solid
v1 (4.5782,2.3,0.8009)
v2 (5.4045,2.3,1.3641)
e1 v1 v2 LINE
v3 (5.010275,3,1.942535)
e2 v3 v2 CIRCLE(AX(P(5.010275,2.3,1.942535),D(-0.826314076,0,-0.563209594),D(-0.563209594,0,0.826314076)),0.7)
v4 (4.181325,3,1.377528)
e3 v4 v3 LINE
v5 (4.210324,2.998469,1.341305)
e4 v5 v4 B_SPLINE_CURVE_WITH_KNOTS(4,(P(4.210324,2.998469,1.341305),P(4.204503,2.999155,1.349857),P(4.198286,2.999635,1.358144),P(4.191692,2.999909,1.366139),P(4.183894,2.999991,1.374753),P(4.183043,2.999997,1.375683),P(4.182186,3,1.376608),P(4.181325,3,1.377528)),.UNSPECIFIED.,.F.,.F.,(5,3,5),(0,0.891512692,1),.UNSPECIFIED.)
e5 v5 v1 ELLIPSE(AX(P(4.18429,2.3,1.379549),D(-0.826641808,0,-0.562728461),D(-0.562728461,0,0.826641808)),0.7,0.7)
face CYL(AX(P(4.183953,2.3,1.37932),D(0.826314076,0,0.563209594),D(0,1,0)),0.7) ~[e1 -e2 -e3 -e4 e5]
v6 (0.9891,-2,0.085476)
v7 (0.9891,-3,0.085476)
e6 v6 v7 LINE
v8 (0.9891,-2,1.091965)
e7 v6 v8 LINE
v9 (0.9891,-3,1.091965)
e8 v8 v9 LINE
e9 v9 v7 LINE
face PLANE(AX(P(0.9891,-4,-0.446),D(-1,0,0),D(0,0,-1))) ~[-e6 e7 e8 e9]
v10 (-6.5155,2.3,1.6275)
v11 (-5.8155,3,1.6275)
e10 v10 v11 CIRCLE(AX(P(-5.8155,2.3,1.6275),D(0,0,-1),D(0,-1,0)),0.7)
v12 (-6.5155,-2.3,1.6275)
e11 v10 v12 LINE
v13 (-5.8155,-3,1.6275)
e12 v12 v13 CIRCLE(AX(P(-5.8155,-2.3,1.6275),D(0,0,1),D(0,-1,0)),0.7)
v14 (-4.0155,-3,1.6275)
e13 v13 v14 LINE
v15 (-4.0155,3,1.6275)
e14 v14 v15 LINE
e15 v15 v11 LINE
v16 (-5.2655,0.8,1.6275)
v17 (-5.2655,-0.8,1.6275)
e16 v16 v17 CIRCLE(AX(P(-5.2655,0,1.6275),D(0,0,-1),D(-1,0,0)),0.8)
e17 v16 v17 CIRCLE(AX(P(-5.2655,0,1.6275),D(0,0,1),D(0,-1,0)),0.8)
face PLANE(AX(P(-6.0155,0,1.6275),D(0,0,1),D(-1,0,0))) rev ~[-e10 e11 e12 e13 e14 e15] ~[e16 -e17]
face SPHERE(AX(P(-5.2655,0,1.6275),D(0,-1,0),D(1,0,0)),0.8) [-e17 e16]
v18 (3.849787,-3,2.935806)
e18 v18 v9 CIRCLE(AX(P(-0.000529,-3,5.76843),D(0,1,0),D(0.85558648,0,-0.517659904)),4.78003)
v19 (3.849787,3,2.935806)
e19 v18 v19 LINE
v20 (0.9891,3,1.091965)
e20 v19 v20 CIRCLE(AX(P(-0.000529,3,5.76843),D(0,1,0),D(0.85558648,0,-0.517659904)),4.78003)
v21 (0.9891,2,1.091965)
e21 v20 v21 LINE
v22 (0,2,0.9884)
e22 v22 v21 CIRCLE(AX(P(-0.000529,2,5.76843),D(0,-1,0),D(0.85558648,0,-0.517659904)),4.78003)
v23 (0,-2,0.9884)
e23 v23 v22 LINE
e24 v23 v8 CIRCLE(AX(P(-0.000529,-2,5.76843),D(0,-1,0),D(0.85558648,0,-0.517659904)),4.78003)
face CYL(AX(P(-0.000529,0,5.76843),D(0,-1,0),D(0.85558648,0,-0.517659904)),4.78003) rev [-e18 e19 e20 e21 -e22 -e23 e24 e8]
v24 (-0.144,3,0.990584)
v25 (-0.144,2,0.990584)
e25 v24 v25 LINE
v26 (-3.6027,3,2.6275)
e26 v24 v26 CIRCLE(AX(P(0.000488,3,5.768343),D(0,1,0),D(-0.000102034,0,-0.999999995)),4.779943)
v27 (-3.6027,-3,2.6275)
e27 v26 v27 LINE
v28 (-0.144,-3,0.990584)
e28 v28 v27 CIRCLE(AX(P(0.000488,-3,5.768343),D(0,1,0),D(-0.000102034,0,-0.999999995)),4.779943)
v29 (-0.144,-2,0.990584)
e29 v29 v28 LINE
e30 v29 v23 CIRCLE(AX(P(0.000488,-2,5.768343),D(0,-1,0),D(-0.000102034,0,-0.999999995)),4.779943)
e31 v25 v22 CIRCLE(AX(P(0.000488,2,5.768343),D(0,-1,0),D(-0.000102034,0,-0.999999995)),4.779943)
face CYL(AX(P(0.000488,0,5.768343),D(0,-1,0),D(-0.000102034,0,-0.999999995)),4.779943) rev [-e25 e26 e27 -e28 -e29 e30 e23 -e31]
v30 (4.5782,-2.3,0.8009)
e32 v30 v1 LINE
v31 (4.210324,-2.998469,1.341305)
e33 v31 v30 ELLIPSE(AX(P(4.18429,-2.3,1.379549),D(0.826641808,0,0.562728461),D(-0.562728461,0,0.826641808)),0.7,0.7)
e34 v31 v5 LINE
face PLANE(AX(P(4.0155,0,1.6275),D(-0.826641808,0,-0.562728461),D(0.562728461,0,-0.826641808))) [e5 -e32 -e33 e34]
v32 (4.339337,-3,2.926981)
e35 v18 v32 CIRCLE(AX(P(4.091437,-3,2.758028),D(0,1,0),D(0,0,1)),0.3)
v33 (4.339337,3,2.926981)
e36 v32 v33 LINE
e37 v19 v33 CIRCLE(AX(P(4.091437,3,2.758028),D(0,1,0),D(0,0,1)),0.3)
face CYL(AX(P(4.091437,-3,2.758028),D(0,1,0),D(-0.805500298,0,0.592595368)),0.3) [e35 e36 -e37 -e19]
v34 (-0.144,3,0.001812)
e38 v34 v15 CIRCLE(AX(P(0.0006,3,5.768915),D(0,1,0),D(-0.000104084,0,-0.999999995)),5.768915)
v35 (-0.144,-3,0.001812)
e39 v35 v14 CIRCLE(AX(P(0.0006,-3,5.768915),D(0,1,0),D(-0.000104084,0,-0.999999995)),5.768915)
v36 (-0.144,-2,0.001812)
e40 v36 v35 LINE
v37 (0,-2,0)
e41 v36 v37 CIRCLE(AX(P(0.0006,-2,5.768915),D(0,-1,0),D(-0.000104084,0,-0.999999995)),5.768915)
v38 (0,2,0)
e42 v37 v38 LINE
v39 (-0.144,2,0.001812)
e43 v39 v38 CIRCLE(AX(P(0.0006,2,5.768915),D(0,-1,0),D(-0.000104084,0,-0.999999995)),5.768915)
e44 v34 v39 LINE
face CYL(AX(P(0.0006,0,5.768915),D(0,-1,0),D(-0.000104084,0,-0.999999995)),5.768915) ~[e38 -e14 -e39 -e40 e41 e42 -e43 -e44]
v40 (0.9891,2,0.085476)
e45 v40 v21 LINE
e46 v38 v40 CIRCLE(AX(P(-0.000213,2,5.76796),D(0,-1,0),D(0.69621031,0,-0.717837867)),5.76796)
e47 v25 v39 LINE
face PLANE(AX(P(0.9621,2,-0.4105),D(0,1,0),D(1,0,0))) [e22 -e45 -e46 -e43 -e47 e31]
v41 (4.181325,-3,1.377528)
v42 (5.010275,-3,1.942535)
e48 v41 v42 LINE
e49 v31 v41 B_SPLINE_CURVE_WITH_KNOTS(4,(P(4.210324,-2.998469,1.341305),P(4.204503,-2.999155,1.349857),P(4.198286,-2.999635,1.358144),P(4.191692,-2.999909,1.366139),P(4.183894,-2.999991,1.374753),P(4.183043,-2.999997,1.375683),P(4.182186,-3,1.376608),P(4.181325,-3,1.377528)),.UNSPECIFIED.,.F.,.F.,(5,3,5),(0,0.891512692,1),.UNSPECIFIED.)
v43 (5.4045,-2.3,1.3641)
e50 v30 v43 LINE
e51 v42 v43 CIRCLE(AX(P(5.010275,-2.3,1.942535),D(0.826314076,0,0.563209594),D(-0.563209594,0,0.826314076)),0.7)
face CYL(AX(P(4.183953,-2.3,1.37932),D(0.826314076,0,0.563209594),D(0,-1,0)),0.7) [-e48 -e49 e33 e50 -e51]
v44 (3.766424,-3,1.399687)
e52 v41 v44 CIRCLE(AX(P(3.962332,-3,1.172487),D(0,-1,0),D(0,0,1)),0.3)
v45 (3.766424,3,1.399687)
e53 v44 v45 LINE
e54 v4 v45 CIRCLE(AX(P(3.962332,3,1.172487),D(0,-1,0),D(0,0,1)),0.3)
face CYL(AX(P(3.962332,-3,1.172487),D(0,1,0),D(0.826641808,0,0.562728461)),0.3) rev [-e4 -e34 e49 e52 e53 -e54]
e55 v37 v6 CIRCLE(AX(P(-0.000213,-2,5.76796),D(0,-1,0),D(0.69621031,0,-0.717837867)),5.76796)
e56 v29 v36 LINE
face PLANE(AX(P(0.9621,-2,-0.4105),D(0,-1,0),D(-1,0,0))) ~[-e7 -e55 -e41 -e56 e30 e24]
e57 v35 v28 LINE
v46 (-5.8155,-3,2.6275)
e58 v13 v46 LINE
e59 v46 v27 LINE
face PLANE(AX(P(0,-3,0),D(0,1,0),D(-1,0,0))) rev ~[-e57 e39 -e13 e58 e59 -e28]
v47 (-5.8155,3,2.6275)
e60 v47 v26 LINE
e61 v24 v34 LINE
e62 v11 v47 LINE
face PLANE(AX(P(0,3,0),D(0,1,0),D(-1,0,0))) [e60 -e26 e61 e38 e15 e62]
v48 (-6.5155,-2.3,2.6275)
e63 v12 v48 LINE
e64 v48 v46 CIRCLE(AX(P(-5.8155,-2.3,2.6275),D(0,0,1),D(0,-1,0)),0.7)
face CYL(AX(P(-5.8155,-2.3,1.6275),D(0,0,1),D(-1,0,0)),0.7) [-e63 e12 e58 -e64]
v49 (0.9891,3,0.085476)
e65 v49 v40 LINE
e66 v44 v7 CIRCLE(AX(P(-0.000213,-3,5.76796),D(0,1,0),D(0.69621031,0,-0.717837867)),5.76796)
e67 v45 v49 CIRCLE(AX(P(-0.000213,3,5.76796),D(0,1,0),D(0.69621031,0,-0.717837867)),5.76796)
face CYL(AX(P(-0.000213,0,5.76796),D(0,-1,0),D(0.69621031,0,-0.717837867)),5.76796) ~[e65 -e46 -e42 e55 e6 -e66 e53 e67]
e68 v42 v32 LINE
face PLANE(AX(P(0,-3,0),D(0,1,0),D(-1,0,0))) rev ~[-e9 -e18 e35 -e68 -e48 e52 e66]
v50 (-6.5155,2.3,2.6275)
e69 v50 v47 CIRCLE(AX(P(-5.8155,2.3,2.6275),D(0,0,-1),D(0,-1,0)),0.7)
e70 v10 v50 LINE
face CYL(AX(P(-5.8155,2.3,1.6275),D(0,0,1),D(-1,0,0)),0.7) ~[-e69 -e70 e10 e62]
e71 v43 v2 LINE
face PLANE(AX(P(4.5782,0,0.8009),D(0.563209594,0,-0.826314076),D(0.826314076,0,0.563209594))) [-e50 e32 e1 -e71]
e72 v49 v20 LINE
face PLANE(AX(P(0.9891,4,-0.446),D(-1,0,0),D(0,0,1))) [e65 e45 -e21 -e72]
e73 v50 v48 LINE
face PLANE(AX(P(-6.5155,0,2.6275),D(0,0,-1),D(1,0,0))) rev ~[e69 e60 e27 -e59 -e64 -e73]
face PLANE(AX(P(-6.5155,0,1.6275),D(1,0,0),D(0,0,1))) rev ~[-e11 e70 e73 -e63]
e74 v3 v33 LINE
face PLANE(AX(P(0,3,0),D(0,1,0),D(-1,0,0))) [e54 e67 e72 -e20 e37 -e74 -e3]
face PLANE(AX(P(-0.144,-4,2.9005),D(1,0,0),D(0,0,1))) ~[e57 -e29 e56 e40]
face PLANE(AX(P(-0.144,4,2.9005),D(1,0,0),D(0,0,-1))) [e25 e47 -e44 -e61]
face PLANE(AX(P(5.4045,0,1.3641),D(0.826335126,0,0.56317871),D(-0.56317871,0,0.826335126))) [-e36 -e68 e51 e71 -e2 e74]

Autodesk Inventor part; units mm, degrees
ref_plane "YZ Plane" through (0, 0, 0) normal (1, 0, 0) x (0, 1, 0)
ref_plane "XZ Plane" through (0, 0, 0) normal (0, 1, 0) x (-1, 0, 0)
ref_plane "XY Plane" through (0, 0, 0) normal (0, 0, 1) x (1, 0, 0)
sketch "Boceto1" plane through (0, 0, 0) normal (0, 1, 0) x (-1, 0, 0)
  arc A0 (0, 0) -> (4.0155, 1.6275) centre (-0.0005, 5.7684) ccw
  arc A1 (0, 0.9884) -> (3.6027, 2.6275) centre (-0.0005, 5.7684) ccw
  line L0 (4.0155, 1.6275) -> (5.0155, 1.6275)
  line L1 (6.0155, 1.6275) -> (6.5155, 1.6275)
  line L2 (6.5155, 1.6275) -> (6.5155, 2.6275)
  line L3 (6.5155, 2.6275) -> (3.6027, 2.6275)
  line L4 (0, 0.9884) -> (0, 0)
  arc A2 (-4.0155, 1.6275) -> (0, 0) centre (0.0005, 5.7684) ccw
  arc A3 (-4.0892, 3.294) -> (0, 0.9884) centre (0.0005, 5.7684) ccw
  line L5 (-4.0155, 1.6275) -> (-4.5782, 0.8009)
  line L6 (-4.5782, 0.8009) -> (-5.4045, 1.3641)
  line L7 (-5.4045, 1.3641) -> (-4.0892, 3.294)
  line L8 (5.0155, 1.6275) -> (6.0155, 1.6275)
  dimension "d1" = 4.78
  dimension "d2" = 1
  dimension "d3" = 1
  dimension "d4" = 0.5
  dimension "d5" = 1
  dimension "d6" = 1
  dimension "d7" = 1
extrude "Extrusión1" add sketch "Boceto1" along normal mid plane 6
sketch "Boceto2" plane through (-4.0155, 3, 1.6275) normal (0, 0, -1) x (-1, 0, 0)
  line L0 (2.5, -6) -> (2.5, 0) projected
  line L1 (0, 0) -> (2.5, 0) projected
  line L2 (0, -6) -> (0, 0) projected
  line L3 (2.5, -6) -> (0, -6) projected
  circle A0 centre (1.25, -3) radius 0.8
  line L4 (1.25, -2.2) -> (1.25, -3.8)
  point P0 (-4.0155, -3)
  dimension "d10" = 1.6
revolve "Revolución1" add sketch "Boceto2" angle 360 about axis through (-5.2655, 0.8, 1.6275) along (0, -1, 0) picked at (1.0732, -3.1996) contours L4 A0
ref_plane "Plano de trabajo1" through (0.9621, 4, -0.4105) normal (0, 1, 0) x (1, 0, 0)
sketch "Boceto3" plane through (0.9621, 4, -0.4105) normal (0, 1, 0) x (1, 0, 0)
  line L0 (0.027, -3.311) -> (-1.1061, -3.311)
  line L1 (-1.1061, -3.311) -> (-1.1061, 0.0355)
  line L2 (-1.1061, 0.0355) -> (0.027, 0.0355)
  line L3 (0.027, 0.0355) -> (0.027, -3.311)
  point P0 (-0.9621, -0.4105)
  dimension "d14" = 3.3465
extrude "Extrusión2" cut sketch "Boceto3" against normal blind 2
ref_plane "Plano de trabajo2" through (0, 0, 0) normal (0, 1, 0) x (1, 0, 0)
mirror "Simetría1" about plane through (0, 0, 0) normal (0, 1, 0) of "Extrusión2"
fillet "Empalme1" radius 0.7 4 edges at (-6.5155, 3, 2.1275) (-6.5155, -3, 2.1275) (4.9914, -3, 1.0825) (4.9914, 3, 1.0825)
fillet "Empalme2" radius 0.3 1 edges at (4.0892, 0, 3.294)
fillet "Empalme3" radius 0.3 1 edges at (4.0155, 0, 1.6275)
properties part number "InteriorSw" material "----------"
